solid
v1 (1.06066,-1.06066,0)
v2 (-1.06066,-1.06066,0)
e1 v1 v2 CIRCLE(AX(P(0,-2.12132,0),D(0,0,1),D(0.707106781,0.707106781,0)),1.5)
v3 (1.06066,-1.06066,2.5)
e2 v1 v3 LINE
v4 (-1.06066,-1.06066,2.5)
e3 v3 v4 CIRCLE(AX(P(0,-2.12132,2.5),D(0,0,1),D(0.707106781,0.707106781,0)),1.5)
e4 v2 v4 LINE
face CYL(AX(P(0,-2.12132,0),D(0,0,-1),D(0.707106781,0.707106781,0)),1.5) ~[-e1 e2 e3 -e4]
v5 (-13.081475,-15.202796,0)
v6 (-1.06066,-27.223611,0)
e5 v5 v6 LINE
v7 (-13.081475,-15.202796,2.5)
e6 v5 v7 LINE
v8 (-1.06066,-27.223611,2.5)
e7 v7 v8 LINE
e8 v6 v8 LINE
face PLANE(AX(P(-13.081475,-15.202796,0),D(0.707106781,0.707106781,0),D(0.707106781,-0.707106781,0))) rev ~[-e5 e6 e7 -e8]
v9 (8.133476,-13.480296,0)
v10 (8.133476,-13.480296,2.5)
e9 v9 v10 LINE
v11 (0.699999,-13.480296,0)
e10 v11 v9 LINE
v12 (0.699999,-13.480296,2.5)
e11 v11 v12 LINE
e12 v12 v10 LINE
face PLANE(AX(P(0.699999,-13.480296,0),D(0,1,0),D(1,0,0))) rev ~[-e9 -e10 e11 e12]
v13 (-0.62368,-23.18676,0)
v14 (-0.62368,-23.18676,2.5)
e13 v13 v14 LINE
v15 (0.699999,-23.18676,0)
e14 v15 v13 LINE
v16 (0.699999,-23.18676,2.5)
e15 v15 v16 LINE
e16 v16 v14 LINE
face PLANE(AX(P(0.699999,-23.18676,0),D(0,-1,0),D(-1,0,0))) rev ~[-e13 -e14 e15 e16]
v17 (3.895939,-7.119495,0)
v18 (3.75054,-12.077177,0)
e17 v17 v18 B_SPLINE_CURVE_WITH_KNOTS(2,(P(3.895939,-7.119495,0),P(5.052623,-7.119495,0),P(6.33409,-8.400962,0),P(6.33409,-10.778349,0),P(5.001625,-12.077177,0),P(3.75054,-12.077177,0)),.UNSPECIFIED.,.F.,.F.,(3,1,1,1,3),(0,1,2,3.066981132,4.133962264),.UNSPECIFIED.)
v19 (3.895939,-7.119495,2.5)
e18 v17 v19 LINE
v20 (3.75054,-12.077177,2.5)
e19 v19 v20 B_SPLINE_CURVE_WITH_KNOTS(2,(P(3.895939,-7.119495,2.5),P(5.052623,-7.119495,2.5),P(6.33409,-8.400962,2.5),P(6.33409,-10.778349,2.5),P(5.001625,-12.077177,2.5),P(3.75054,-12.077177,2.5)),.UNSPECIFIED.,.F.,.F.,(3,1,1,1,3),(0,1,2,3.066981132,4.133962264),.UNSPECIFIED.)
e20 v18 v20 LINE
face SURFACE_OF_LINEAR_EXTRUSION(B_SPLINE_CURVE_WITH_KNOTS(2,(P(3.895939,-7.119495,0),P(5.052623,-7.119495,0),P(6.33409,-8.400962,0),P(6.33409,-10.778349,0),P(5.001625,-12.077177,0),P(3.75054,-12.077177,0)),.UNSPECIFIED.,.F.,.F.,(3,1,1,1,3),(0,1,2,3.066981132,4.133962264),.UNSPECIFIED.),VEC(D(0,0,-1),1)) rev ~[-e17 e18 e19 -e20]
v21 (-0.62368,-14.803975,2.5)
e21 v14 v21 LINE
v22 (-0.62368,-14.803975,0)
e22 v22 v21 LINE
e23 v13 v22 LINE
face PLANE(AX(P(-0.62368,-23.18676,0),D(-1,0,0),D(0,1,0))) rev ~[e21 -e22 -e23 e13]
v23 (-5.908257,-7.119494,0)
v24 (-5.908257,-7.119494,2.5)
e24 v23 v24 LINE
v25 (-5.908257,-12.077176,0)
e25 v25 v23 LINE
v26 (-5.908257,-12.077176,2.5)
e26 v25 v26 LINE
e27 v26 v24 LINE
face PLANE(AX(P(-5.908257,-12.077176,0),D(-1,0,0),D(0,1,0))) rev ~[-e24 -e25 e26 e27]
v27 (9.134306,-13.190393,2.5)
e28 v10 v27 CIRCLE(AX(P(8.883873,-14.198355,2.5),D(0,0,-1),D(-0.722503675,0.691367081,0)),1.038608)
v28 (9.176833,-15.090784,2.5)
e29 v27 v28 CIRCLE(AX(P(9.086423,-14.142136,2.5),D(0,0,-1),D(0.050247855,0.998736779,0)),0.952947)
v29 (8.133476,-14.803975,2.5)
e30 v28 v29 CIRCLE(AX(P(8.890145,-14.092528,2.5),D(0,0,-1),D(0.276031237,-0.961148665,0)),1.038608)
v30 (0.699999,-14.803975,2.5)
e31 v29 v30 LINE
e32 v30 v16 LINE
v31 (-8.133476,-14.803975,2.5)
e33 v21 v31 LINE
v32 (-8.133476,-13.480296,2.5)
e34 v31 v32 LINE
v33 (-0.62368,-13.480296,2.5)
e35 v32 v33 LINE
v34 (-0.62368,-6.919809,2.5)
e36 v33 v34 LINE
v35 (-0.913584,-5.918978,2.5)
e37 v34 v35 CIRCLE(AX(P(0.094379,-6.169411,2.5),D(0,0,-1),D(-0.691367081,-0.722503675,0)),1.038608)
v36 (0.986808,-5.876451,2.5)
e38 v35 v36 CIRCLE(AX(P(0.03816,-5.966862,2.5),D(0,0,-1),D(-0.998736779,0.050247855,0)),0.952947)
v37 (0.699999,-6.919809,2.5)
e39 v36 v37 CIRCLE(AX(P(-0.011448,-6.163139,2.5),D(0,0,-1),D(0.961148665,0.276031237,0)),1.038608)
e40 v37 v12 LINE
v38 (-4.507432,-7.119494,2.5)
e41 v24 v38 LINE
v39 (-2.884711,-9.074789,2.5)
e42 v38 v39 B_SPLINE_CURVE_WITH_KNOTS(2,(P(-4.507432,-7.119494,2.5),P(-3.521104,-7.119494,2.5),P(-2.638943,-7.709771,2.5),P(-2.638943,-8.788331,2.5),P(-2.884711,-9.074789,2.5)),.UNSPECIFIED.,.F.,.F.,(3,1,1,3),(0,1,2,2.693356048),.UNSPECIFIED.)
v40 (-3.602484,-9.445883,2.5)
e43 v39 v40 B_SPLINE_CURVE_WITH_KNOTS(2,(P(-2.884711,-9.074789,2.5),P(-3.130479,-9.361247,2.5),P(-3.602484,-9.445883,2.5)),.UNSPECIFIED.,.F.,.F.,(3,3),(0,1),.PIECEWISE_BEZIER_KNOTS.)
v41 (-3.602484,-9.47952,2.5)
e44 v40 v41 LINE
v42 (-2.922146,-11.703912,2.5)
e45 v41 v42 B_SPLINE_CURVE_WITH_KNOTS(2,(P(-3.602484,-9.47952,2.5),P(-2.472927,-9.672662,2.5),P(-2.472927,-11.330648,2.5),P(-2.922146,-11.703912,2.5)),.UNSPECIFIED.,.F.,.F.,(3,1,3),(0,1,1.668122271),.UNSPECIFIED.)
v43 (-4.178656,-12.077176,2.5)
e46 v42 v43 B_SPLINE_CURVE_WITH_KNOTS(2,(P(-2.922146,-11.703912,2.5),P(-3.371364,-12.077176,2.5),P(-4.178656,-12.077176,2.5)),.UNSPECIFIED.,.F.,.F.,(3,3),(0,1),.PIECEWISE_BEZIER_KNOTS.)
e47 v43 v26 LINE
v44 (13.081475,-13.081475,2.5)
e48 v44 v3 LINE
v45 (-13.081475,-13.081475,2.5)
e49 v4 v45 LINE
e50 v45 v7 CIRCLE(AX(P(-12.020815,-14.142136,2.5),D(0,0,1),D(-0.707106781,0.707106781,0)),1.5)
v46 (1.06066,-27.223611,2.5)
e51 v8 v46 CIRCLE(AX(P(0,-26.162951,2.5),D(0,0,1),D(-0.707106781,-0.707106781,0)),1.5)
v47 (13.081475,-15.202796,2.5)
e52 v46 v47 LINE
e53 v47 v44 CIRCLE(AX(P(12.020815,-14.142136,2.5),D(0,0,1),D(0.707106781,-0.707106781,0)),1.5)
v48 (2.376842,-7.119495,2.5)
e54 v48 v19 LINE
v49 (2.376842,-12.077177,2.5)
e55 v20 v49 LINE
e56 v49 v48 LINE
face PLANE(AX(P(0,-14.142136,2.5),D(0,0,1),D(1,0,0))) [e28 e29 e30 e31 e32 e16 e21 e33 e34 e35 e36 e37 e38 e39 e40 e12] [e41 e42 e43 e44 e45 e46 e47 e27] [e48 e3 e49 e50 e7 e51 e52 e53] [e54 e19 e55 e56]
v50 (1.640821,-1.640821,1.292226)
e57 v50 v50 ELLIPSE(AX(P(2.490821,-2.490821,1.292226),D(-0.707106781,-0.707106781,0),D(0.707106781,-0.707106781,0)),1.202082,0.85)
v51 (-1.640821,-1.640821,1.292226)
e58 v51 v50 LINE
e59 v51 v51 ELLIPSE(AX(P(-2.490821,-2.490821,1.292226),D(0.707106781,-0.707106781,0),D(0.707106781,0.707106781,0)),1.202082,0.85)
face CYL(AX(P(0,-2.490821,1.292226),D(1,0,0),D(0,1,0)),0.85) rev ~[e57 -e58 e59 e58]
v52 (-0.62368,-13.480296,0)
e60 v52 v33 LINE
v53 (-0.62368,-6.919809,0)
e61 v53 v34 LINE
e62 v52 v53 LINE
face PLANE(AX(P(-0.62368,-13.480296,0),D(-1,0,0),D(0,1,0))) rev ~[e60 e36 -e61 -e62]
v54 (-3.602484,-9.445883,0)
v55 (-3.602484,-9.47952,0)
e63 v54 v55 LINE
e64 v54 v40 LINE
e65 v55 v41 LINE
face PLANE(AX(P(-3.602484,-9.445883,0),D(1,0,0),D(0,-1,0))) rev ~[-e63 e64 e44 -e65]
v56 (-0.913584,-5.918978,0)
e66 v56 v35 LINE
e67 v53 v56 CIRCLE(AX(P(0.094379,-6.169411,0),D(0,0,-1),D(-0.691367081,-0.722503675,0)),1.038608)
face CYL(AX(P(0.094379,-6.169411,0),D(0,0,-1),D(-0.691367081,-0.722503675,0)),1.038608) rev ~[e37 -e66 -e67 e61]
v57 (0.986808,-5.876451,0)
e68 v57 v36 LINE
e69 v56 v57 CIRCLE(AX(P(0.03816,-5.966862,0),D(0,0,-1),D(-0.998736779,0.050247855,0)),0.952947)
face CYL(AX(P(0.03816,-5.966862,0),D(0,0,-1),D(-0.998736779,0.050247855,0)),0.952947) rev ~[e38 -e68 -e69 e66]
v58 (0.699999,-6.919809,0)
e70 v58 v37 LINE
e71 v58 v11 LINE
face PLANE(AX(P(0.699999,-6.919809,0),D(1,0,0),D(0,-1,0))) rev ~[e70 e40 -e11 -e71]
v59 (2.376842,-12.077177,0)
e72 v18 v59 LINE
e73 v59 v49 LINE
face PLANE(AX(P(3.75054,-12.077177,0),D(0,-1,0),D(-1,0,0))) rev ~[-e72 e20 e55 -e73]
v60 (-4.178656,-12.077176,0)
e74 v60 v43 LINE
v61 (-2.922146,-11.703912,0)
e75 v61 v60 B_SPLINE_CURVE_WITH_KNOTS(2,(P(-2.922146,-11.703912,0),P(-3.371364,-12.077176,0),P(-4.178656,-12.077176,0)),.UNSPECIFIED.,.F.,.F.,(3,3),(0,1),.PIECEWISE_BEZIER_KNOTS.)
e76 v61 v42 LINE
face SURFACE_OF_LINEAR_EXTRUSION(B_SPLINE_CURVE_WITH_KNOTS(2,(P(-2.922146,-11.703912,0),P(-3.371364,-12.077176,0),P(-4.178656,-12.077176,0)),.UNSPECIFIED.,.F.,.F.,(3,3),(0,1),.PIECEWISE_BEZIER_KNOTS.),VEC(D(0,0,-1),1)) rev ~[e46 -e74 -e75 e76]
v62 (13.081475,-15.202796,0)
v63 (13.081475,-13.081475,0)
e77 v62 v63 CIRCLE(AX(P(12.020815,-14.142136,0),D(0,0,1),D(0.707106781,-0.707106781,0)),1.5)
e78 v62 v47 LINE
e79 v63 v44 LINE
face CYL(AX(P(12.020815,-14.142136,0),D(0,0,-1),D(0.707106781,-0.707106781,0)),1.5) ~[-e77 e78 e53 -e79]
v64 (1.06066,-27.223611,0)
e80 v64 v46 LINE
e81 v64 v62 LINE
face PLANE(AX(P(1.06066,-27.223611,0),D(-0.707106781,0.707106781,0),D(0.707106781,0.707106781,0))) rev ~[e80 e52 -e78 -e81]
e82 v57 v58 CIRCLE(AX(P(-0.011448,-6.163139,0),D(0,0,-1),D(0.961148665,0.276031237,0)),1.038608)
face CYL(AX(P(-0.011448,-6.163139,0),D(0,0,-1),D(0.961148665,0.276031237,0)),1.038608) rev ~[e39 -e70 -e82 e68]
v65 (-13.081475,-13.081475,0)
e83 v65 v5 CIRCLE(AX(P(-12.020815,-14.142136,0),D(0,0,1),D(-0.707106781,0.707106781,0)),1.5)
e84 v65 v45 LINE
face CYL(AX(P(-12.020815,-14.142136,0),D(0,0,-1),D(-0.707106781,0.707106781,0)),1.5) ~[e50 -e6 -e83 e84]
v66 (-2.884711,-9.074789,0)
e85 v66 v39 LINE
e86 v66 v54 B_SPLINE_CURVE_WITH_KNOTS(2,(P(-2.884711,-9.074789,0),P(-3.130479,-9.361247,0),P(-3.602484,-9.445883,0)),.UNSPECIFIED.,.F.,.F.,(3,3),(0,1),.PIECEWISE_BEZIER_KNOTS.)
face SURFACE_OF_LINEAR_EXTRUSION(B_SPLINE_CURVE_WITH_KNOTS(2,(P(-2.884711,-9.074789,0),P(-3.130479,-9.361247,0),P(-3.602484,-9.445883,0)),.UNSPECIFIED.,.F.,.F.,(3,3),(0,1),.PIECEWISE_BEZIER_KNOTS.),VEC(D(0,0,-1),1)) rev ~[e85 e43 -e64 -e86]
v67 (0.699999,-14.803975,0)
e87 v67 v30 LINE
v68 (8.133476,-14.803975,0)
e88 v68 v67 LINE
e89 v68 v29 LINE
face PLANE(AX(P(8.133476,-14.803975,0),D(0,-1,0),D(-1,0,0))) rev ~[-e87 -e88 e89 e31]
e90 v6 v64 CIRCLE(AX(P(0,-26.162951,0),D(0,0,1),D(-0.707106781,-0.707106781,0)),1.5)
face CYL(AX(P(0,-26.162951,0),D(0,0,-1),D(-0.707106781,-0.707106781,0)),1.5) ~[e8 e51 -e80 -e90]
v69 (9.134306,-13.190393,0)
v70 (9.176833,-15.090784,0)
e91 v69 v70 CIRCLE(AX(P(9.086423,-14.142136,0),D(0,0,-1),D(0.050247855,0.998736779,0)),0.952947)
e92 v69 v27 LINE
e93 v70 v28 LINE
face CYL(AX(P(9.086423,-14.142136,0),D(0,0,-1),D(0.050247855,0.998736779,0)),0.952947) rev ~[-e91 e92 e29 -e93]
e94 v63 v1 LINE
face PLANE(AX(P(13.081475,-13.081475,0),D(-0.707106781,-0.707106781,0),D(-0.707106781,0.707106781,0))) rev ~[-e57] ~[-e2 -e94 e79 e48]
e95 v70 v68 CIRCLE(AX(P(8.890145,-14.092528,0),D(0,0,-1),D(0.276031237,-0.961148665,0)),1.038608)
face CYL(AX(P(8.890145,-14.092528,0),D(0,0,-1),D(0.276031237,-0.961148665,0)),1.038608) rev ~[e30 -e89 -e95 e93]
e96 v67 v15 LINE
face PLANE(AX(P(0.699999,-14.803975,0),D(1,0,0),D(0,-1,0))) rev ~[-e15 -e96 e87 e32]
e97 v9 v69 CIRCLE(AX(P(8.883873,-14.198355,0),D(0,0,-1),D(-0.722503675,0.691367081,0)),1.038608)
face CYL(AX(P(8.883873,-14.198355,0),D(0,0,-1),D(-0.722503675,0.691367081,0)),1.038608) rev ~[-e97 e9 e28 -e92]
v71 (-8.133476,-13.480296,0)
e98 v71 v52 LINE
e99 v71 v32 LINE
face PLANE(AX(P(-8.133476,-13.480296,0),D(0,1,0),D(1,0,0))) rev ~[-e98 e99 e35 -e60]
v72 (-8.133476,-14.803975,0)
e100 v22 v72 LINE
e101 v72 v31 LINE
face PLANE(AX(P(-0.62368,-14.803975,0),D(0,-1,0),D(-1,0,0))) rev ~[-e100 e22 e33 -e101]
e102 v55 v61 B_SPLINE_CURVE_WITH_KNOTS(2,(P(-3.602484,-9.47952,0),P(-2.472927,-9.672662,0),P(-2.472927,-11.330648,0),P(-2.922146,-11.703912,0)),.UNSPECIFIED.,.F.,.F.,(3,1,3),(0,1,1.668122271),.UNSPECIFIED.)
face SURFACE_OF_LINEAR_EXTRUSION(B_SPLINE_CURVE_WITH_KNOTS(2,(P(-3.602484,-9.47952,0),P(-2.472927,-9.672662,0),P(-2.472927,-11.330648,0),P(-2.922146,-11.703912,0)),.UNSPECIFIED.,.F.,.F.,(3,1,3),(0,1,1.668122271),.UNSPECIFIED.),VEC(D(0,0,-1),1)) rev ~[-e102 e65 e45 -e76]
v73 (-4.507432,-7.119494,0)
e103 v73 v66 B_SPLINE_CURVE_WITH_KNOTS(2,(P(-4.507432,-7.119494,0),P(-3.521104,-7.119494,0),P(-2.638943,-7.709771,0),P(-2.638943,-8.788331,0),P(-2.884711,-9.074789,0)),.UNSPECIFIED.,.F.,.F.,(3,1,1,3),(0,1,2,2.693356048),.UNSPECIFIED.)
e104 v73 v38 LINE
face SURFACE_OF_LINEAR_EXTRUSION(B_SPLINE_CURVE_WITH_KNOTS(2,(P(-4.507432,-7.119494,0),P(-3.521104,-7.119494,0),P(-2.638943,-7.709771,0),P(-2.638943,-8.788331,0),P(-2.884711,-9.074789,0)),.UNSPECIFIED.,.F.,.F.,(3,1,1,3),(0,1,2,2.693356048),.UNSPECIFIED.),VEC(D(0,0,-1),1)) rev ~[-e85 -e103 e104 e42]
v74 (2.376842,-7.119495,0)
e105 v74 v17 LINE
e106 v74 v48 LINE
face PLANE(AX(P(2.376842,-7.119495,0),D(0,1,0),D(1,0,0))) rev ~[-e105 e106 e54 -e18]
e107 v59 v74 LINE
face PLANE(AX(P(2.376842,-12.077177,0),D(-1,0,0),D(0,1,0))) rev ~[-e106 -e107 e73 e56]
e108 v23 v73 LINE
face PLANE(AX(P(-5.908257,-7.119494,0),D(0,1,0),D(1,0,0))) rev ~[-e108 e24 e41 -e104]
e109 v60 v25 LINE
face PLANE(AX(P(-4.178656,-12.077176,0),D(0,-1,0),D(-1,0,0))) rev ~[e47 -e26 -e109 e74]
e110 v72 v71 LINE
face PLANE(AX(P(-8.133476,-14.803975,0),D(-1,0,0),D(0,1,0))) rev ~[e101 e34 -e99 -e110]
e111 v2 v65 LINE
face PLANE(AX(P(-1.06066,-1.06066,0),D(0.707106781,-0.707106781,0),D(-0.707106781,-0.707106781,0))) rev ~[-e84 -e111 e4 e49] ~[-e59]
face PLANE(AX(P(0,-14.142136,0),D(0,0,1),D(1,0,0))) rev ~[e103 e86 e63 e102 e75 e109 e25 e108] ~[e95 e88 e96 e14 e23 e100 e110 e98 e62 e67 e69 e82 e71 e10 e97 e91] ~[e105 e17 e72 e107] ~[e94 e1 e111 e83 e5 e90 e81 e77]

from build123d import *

# Parameters (mm, degrees)
F1_DEPTH = 2.5
F2_R     = 0.85
F3_DEPTH = 12.5


with BuildPart() as f1:
    # F0 (on Top) → F1 (new body)
    with BuildSketch(Plane.XY):
        with BuildLine():
            Line((13.081475452, -13.081475452), (1.0606601718, -1.0606601718))
            ThreePointArc((1.0606601718, -1.0606601718), (0, -0.6213203436), (-1.0606601718, -1.0606601718))
            Line((-1.0606601718, -1.0606601718), (-13.081475452, -13.081475452))
            ThreePointArc((-13.081475452, -13.081475452), (-13.5208152802, -14.1421356237), (-13.081475452, -15.2027957955))
            Line((-13.081475452, -15.2027957955), (-1.0606601718, -27.2236110757))
            ThreePointArc((-1.0606601718, -27.2236110757), (0, -27.6629509039), (1.0606601718, -27.2236110757))
            Line((1.0606601718, -27.2236110757), (13.081475452, -15.2027957955))
            ThreePointArc((13.081475452, -15.2027957955), (13.5208152802, -14.1421356237), (13.081475452, -13.081475452))
        make_face()
        with BuildLine():
            Line((-5.9082568333, -12.0771760074), (-5.9082568333, -7.1194937158))
            Line((-5.9082568333, -7.1194937158), (-4.5074321806, -7.1194937158))
            add(Edge.make_bspline(
                [(-4.5074321806, -7.1194937158), (-3.5211040556, -7.1194937158), (-3.0800233264, -7.4146326047)],
                knots=[0, 0, 0, 1, 1, 1], degree=2))
            add(Edge.make_bspline(
                [(-3.0800233264, -7.4146326047), (-2.6389425972, -7.7097714936), (-2.6389425972, -8.3467072574)],
                knots=[0, 0, 0, 1, 1, 1], degree=2))
            add(Edge.make_bspline(
                [(-2.6389425972, -8.3467072574), (-2.6389425972, -8.7883305213), (-2.8847108264, -9.0747888547)],
                knots=[0, 0, 0, 1, 1, 1], degree=2))
            add(Edge.make_bspline(
                [(-2.8847108264, -9.0747888547), (-3.1304790556, -9.361247188), (-3.6024842639, -9.4458826047)],
                knots=[0, 0, 0, 1, 1, 1], degree=2))
            Line((-3.6024842639, -9.4458826047), (-3.6024842639, -9.4795197574))
            add(Edge.make_bspline(
                [(-3.6024842639, -9.4795197574), (-2.4729269722, -9.6726621186), (-2.4729269722, -10.6665857297)],
                knots=[0, 0, 0, 1, 1, 1], degree=2))
            add(Edge.make_bspline(
                [(-2.4729269722, -10.6665857297), (-2.4729269722, -11.3306482297), (-2.9221457222, -11.7039121186)],
                knots=[0, 0, 0, 1, 1, 1], degree=2))
            add(Edge.make_bspline(
                [(-2.9221457222, -11.7039121186), (-3.3713644722, -12.0771760074), (-4.1786561389, -12.0771760074)],
                knots=[0, 0, 0, 1, 1, 1], degree=2))
            Line((-4.1786561389, -12.0771760074), (-5.9082568333, -12.0771760074))
        make_face(mode=Mode.SUBTRACT)
        with BuildLine():
            Line((-8.1334756687, -14.8039748892), (-8.1334756687, -13.4802963582))
            Line((-8.1334756687, -13.4802963582), (-0.6236797201, -13.4802963582))
            Line((-0.6236797201, -13.4802963582), (-0.6236797201, -6.9198086858))
            ThreePointArc((-0.6236797201, -6.9198086858), (-0.9032194318, -6.4583786209), (-0.9135835525, -5.9189782686))
            ThreePointArc((-0.9135835525, -5.9189782686), (0.0168397474, -5.0141534426), (0.9868078824, -5.876451129))
            ThreePointArc((0.9868078824, -5.876451129), (0.9900106564, -6.4384308628), (0.6999988109, -6.9198086858))
            Line((0.6999988109, -6.9198086858), (0.6999988109, -13.4802963582))
            Line((0.6999988109, -13.4802963582), (8.1334756687, -13.4802963582))
            ThreePointArc((8.1334756687, -13.4802963582), (8.5949057336, -13.2007566465), (9.134306086, -13.1903925258))
            ThreePointArc((9.134306086, -13.1903925258), (10.0391309119, -14.1208158258), (9.1768332255, -15.0907839607))
            ThreePointArc((9.1768332255, -15.0907839607), (8.6148534917, -15.0939867347), (8.1334756687, -14.8039748892))
            Line((8.1334756687, -14.8039748892), (0.6999988109, -14.8039748892))
            Line((0.6999988109, -14.8039748892), (0.6999988109, -23.1867600232))
            Line((0.6999988109, -23.1867600232), (-0.6236797201, -23.1867600232))
            Line((-0.6236797201, -23.1867600232), (-0.6236797201, -14.8039748892))
            Line((-0.6236797201, -14.8039748892), (-8.1334756687, -14.8039748892))
        make_face(mode=Mode.SUBTRACT)
        with BuildLine():
            add(Edge.make_bspline(
                [(5.6933566328, -7.7602282705), (6.3340901397, -8.4009617774), (6.3340901397, -9.5511353885)],
                knots=[0, 0, 0, 1, 1, 1], degree=2))
            add(Edge.make_bspline(
                [(6.3340901397, -9.5511353885), (6.3340901397, -10.7783489302), (5.6678575008, -11.4277629927)],
                knots=[0, 0, 0, 1, 1, 1], degree=2))
            add(Edge.make_bspline(
                [(5.6678575008, -11.4277629927), (5.0016248619, -12.0771770552), (3.7505397925, -12.0771770552)],
                knots=[0, 0, 0, 1, 1, 1], degree=2))
            Line((3.7505397925, -12.0771770552), (2.3768418758, -12.0771770552))
            Line((2.3768418758, -12.0771770552), (2.3768418758, -7.1194947635))
            Line((2.3768418758, -7.1194947635), (3.8959390981, -7.1194947635))
            add(Edge.make_bspline(
                [(3.8959390981, -7.1194947635), (5.0526231258, -7.1194947635), (5.6933566328, -7.7602282705)],
                knots=[0, 0, 0, 1, 1, 1], degree=2))
        make_face(mode=Mode.SUBTRACT)
    extrude(amount=F1_DEPTH)

    # F2 (on Right) → F3 (cut, symmetric)
    with BuildSketch(Plane.YZ):
        with Locations((-2.4908210296, 1.292226194)):
            Circle(F2_R)
    extrude(amount=F3_DEPTH, both=True, mode=Mode.SUBTRACT)


solid = f1.part
